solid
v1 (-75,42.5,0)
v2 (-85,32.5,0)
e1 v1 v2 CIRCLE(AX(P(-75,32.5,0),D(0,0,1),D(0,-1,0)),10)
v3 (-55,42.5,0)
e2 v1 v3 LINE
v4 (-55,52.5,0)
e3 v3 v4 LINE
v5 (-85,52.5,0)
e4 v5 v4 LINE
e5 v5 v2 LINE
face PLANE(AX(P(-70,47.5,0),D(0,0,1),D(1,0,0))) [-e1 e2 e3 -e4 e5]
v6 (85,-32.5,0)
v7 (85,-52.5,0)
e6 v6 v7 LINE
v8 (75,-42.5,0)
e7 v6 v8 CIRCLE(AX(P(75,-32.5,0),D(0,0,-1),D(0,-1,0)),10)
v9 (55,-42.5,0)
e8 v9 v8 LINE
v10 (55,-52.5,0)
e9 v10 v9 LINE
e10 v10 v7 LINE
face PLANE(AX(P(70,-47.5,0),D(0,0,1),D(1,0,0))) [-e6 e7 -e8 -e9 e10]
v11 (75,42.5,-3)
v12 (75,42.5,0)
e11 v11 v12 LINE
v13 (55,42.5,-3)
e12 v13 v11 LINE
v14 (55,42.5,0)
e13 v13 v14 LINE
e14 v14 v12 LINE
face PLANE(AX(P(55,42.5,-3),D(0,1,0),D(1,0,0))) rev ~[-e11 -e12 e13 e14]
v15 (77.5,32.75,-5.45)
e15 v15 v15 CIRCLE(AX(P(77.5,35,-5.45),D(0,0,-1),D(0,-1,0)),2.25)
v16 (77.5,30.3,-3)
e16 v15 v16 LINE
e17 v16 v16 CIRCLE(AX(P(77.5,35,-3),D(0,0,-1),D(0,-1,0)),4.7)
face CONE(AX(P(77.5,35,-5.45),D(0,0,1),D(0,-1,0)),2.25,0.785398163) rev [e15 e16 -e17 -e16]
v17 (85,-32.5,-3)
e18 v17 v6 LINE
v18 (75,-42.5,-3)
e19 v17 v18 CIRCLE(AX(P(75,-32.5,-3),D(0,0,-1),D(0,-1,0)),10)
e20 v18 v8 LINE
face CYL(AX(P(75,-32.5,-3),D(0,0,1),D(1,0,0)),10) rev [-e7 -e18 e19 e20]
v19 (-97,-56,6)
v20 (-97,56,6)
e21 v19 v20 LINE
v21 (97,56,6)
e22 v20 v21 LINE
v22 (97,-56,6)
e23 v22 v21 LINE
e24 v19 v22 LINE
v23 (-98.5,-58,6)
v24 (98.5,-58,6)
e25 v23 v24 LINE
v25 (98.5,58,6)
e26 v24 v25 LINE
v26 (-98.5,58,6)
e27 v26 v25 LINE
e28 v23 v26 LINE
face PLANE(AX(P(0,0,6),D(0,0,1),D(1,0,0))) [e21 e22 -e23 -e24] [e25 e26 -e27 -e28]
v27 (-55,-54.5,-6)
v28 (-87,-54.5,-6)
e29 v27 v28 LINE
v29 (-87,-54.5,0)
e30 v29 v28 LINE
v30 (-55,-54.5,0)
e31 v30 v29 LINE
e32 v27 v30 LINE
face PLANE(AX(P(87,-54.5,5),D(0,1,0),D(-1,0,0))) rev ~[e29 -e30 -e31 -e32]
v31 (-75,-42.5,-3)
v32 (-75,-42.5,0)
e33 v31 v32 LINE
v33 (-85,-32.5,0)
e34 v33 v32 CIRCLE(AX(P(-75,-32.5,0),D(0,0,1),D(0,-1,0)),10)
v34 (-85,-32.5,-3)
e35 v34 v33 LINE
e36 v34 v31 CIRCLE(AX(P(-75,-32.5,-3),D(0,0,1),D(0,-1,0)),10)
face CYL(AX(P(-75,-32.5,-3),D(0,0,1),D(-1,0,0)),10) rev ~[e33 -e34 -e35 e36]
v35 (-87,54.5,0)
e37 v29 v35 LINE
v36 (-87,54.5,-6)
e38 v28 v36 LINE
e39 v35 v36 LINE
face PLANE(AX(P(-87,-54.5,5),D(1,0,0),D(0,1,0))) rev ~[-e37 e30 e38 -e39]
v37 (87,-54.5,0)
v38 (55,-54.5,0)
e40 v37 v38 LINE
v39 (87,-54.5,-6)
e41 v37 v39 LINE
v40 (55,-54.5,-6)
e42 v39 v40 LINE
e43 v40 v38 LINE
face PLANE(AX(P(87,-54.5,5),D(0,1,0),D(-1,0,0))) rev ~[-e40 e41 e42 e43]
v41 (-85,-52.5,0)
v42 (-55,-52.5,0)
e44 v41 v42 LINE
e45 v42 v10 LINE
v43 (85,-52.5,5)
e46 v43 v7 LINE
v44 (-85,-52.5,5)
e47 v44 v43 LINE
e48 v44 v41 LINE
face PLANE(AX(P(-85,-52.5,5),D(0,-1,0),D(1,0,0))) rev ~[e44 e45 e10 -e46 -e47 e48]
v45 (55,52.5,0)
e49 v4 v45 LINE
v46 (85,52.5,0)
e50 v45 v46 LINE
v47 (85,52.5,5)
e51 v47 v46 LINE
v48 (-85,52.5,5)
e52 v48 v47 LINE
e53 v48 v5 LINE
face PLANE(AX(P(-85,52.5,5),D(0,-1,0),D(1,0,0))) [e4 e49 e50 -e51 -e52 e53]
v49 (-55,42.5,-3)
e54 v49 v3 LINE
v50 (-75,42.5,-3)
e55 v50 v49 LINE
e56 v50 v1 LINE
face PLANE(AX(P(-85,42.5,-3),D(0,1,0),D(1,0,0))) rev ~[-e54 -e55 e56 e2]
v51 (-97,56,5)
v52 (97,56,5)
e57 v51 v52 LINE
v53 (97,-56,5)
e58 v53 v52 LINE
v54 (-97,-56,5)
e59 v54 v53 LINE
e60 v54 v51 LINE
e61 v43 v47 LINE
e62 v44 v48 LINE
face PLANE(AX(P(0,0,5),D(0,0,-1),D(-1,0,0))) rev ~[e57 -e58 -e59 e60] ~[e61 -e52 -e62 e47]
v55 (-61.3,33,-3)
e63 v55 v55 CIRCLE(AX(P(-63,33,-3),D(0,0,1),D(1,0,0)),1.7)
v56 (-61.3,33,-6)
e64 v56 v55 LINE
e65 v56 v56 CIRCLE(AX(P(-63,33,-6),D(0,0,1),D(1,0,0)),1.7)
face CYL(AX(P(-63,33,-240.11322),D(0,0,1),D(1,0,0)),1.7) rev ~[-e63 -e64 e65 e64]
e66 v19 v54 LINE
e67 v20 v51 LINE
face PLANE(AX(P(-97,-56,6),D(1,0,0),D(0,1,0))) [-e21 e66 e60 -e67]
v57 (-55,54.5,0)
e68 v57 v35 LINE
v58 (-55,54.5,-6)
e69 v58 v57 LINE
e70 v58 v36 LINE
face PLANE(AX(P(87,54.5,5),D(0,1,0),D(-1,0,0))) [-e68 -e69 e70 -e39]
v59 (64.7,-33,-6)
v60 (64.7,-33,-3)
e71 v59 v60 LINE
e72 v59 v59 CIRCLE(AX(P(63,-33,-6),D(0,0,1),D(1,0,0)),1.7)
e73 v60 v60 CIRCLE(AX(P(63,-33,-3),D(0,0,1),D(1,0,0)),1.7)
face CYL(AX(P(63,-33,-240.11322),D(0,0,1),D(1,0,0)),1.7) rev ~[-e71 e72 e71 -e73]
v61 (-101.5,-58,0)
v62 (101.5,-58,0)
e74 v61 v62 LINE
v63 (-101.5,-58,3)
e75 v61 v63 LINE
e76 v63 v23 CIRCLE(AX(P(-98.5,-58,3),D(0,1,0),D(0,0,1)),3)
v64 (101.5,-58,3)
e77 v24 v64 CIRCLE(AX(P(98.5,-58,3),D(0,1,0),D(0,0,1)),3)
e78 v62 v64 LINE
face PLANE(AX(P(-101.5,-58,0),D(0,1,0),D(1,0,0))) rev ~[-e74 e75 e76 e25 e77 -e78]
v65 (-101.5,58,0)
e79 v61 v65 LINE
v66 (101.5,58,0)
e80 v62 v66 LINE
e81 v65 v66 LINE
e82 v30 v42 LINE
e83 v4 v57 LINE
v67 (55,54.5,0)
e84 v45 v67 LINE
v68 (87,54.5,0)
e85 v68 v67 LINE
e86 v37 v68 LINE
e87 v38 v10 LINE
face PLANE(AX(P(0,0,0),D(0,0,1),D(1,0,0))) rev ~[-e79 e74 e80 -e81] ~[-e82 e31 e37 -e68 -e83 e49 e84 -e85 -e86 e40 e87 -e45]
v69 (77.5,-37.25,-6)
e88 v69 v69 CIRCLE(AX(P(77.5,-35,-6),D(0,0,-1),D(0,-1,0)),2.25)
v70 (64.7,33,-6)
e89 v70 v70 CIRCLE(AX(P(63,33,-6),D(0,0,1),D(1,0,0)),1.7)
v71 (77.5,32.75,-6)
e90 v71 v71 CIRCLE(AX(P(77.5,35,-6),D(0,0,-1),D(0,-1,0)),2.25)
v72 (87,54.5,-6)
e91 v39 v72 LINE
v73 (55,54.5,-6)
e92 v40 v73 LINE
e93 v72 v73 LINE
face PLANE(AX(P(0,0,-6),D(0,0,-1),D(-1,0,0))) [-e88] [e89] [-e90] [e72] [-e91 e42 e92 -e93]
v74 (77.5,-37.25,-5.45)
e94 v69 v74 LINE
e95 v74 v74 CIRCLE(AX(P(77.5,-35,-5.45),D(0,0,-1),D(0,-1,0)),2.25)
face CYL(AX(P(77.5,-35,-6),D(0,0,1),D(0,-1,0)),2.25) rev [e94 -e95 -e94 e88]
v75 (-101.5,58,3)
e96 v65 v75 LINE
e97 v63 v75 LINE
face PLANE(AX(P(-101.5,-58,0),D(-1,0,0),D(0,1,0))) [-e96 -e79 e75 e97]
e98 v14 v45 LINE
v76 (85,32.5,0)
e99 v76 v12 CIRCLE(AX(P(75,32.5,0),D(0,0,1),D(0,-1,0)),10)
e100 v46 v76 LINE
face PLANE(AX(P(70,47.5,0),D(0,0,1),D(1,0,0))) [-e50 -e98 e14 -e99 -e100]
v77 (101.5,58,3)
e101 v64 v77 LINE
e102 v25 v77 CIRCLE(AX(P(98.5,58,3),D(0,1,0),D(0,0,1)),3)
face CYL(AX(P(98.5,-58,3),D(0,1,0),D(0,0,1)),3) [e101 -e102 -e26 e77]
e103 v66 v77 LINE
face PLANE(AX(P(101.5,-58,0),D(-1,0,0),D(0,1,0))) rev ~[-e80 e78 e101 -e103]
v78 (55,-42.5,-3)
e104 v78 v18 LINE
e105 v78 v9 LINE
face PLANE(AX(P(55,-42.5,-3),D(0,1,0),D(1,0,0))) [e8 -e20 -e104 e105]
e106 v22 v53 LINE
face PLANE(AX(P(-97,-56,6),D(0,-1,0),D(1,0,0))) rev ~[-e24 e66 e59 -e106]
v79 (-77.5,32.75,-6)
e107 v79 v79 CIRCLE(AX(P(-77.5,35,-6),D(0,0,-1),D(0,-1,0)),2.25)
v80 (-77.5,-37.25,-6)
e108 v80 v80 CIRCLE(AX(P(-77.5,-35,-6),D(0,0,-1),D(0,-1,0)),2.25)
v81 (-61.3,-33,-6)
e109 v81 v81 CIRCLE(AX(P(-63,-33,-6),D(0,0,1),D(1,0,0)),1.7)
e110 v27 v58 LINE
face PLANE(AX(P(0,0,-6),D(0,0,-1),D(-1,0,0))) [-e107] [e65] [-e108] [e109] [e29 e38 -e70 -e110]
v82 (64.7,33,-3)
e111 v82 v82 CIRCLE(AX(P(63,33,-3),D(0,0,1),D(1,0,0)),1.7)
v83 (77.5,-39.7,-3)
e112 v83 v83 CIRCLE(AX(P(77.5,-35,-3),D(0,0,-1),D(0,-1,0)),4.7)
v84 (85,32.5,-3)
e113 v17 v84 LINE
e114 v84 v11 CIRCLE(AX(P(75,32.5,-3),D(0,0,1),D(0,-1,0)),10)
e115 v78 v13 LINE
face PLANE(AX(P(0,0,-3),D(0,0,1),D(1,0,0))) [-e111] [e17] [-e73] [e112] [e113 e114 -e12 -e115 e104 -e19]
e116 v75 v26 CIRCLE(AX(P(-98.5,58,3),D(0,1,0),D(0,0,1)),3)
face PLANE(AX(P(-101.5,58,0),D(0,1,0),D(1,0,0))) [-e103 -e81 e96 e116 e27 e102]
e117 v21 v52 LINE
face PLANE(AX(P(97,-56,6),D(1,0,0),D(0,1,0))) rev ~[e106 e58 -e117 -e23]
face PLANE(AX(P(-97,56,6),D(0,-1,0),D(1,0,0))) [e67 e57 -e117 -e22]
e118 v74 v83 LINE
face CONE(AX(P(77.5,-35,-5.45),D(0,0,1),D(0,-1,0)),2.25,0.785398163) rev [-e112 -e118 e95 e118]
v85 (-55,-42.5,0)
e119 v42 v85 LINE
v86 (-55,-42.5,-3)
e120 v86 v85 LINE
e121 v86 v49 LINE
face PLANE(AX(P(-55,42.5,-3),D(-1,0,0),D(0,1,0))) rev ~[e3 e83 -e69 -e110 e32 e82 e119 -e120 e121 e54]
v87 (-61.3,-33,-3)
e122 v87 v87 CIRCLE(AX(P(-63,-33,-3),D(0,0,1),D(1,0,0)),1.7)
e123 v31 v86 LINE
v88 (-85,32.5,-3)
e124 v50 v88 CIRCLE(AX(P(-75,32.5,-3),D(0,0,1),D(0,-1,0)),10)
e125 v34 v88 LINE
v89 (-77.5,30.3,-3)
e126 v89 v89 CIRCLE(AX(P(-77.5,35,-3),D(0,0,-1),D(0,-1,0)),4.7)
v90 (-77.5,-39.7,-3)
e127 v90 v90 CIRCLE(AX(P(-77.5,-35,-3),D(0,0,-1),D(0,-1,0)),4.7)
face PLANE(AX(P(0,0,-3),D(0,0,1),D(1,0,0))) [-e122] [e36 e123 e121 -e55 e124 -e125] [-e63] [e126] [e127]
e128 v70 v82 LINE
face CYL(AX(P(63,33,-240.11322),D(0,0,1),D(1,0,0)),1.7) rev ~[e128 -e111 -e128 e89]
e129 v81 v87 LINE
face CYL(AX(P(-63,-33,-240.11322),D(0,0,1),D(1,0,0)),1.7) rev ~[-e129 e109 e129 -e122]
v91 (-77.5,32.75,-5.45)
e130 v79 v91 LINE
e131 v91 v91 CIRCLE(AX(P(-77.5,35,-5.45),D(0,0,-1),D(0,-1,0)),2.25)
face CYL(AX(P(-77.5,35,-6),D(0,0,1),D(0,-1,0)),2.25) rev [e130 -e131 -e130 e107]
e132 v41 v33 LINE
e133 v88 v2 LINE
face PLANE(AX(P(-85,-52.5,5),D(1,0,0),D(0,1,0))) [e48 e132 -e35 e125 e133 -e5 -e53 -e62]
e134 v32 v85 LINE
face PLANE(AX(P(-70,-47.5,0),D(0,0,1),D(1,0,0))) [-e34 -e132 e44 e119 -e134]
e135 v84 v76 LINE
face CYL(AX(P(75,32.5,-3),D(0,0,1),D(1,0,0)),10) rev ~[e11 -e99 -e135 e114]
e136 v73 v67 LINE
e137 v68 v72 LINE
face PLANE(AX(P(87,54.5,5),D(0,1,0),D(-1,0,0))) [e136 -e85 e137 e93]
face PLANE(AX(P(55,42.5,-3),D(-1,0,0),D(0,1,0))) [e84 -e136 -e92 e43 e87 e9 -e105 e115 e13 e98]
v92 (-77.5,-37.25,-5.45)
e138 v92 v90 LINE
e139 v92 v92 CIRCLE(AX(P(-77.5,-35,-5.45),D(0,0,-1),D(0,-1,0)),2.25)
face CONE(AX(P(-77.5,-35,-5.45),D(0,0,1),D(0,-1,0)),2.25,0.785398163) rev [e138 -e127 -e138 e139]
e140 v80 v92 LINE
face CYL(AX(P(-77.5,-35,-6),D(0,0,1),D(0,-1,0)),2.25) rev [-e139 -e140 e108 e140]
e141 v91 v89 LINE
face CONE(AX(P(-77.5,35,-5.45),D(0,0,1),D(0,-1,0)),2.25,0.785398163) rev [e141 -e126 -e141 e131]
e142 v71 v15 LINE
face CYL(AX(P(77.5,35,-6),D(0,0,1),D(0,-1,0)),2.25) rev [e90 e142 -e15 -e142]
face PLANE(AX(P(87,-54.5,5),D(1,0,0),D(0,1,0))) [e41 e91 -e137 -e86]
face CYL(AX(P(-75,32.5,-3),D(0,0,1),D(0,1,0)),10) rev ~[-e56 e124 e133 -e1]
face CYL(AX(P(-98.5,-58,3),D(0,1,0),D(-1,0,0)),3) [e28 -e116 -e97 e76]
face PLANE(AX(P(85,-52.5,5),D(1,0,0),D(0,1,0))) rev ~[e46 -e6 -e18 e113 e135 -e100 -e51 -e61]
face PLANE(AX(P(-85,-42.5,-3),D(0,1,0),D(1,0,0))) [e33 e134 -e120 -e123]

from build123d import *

# Parameters (mm, degrees)
ESBO_O1_W                                    = 203
ESBO_O1_H                                    = 116
RESSALTO_EXTRUS_O1_DEPTH                     = 6
ESBO_O2_W                                    = 194
ESBO_O2_H                                    = 112
CORTE_EXTRUS_O1_DEPTH                        = 1
FILETE2_R                                    = 3
ESBO_O3_W                                    = 174
ESBO_O3_H                                    = 109
RESSALTO_EXTRUS_O2_DEPTH                     = 11
ESBO_O4_W                                    = 110
ESBO_O4_H                                    = 109
CORTE_EXTRUS_O2_DEPTH                        = 6
ESBO_O5_W                                    = 170
ESBO_O5_H                                    = 105
CORTE_EXTRUS_O3_DEPTH                        = 8
FURO_COM_FOLGA_DE_M31_D                      = 3.4
ESCAREADO_PARA_PARAFUSO_COM_CABE_A_E_2_COUNT = 2
ESCAREADO_PARA_PARAFUSO_COM_CABE_A_E_2_PITCH = 155
ESCAREADO_PARA_PARAFUSO_COM_CABE_A_E_3_COUNT = 2
ESCAREADO_PARA_PARAFUSO_COM_CABE_A_E_3_PITCH = 70
ESCAREADO_PARA_PARAFUSO_COM_CABE_A_E_4_COUNT = 2
ESCAREADO_PARA_PARAFUSO_COM_CABE_A_E_4_PITCH = 170.073513517
ESBO_O10_W                                   = 30
ESBO_O10_H                                   = 10
RESSALTO_EXTRUS_O3_DEPTH                     = 3
FILETE3_R                                    = 10


with BuildPart() as part:
    # Esboço1 → Ressalto-extrusão1 (new body)
    with BuildSketch(Plane.XY):
        Rectangle(ESBO_O1_W, ESBO_O1_H)
    extrude(amount=RESSALTO_EXTRUS_O1_DEPTH)

    # Esboço2 → Corte-extrusão1 (cut)
    with BuildSketch(Plane.XY.offset(6)):
        Rectangle(ESBO_O2_W, ESBO_O2_H)
    extrude(amount=-CORTE_EXTRUS_O1_DEPTH, mode=Mode.SUBTRACT)

    # Filete2
    filete2_edges = [part.edges().sort_by_distance(p)[0] for p in [
        (-101.5, 0, 6),
        (101.5, 0, 6),
    ]]
    fillet(filete2_edges, radius=FILETE2_R)

    # Esboço3 → Ressalto-extrusão2 (add)
    with BuildSketch(Plane(origin=(0, 0, 5), x_dir=(-1, 0, 0), z_dir=(0, 0, -1))):
        Rectangle(ESBO_O3_W, ESBO_O3_H)
    extrude(amount=RESSALTO_EXTRUS_O2_DEPTH)

    # Esboço4 → Corte-extrusão2 (cut)
    with BuildSketch(Plane(origin=(0, 0, -6), x_dir=(-1, 0, 0), z_dir=(0, 0, -1))):
        Rectangle(ESBO_O4_W, ESBO_O4_H)
    extrude(amount=-CORTE_EXTRUS_O2_DEPTH, mode=Mode.SUBTRACT)

    # Esboço5 → Corte-extrusão3 (cut)
    with BuildSketch(Plane.XY.offset(5)):
        Rectangle(ESBO_O5_W, ESBO_O5_H)
    extrude(amount=-CORTE_EXTRUS_O3_DEPTH, mode=Mode.SUBTRACT)

    # Furo com folga de M31 (through all)
    with Locations(Plane(origin=(0, 0, -6), x_dir=(-1, 0, 0), z_dir=(0, 0, -1))):
        with Locations((-63, 33), (63, 33), (63, -33), (-63, -33)):
            Hole(FURO_COM_FOLGA_DE_M31_D / 2)

    # Esboço9 → Escareado para parafuso com cabeça escareada chata de M41 (revolve, cut)
    with BuildSketch(Plane(origin=(77.5, 35, -3), x_dir=(0, -1, 0), z_dir=(1, 0, 0))):
        Polygon((0, 0), (0, 3), (2.25, 3), (2.25, 2.45), (4.7, 0), align=None)
    escareado_para_parafuso_com_cabe_a_escar = revolve(axis=Axis((77.5, 35, 3.35), (0, 0, -1)), mode=Mode.SUBTRACT)

    # Escareado para parafuso com cabe_a e 2: Escareado para parafuso com cabeça escareada chata de M41 ×2
    with Locations(*[(-i * ESCAREADO_PARA_PARAFUSO_COM_CABE_A_E_2_PITCH, 0, 0) for i in range(1, ESCAREADO_PARA_PARAFUSO_COM_CABE_A_E_2_COUNT)]):
        add(escareado_para_parafuso_com_cabe_a_escar, mode=Mode.SUBTRACT)

    # Escareado para parafuso com cabe_a e 3: Escareado para parafuso com cabeça escareada chata de M41 ×2
    with Locations(*[(0, -i * ESCAREADO_PARA_PARAFUSO_COM_CABE_A_E_3_PITCH, 0) for i in range(1, ESCAREADO_PARA_PARAFUSO_COM_CABE_A_E_3_COUNT)]):
        add(escareado_para_parafuso_com_cabe_a_escar, mode=Mode.SUBTRACT)

    # Escareado para parafuso com cabe_a e 4: Escareado para parafuso com cabeça escareada chata de M41 ×2
    with Locations(*[Vector(-0.911370599658675, -0.41158672242649835, 0) * (i * ESCAREADO_PARA_PARAFUSO_COM_CABE_A_E_4_PITCH) for i in range(1, ESCAREADO_PARA_PARAFUSO_COM_CABE_A_E_4_COUNT)]):
        add(escareado_para_parafuso_com_cabe_a_escar, mode=Mode.SUBTRACT)

    # Esboço10 → Ressalto-extrusão3 (add)
    with BuildSketch(Plane.XY.offset(-3)):
        with Locations((-70, 47.5)):
            Rectangle(ESBO_O10_W, ESBO_O10_H)
        with Locations((70, 47.5)):
            Rectangle(ESBO_O10_W, ESBO_O10_H)
        with Locations((70, -47.5)):
            Rectangle(ESBO_O10_W, ESBO_O10_H)
        with Locations((-70, -47.5)):
            Rectangle(ESBO_O10_W, ESBO_O10_H)
    extrude(amount=RESSALTO_EXTRUS_O3_DEPTH)

    # Filete3
    filete3_edges = [part.edges().sort_by_distance(p)[0] for p in [
        (-85, 42.5, -1.5),
        (85, 42.5, -1.5),
        (85, -42.5, -1.5),
        (-85, -42.5, -1.5),
    ]]
    fillet(filete3_edges, radius=FILETE3_R)


solid = part.part
